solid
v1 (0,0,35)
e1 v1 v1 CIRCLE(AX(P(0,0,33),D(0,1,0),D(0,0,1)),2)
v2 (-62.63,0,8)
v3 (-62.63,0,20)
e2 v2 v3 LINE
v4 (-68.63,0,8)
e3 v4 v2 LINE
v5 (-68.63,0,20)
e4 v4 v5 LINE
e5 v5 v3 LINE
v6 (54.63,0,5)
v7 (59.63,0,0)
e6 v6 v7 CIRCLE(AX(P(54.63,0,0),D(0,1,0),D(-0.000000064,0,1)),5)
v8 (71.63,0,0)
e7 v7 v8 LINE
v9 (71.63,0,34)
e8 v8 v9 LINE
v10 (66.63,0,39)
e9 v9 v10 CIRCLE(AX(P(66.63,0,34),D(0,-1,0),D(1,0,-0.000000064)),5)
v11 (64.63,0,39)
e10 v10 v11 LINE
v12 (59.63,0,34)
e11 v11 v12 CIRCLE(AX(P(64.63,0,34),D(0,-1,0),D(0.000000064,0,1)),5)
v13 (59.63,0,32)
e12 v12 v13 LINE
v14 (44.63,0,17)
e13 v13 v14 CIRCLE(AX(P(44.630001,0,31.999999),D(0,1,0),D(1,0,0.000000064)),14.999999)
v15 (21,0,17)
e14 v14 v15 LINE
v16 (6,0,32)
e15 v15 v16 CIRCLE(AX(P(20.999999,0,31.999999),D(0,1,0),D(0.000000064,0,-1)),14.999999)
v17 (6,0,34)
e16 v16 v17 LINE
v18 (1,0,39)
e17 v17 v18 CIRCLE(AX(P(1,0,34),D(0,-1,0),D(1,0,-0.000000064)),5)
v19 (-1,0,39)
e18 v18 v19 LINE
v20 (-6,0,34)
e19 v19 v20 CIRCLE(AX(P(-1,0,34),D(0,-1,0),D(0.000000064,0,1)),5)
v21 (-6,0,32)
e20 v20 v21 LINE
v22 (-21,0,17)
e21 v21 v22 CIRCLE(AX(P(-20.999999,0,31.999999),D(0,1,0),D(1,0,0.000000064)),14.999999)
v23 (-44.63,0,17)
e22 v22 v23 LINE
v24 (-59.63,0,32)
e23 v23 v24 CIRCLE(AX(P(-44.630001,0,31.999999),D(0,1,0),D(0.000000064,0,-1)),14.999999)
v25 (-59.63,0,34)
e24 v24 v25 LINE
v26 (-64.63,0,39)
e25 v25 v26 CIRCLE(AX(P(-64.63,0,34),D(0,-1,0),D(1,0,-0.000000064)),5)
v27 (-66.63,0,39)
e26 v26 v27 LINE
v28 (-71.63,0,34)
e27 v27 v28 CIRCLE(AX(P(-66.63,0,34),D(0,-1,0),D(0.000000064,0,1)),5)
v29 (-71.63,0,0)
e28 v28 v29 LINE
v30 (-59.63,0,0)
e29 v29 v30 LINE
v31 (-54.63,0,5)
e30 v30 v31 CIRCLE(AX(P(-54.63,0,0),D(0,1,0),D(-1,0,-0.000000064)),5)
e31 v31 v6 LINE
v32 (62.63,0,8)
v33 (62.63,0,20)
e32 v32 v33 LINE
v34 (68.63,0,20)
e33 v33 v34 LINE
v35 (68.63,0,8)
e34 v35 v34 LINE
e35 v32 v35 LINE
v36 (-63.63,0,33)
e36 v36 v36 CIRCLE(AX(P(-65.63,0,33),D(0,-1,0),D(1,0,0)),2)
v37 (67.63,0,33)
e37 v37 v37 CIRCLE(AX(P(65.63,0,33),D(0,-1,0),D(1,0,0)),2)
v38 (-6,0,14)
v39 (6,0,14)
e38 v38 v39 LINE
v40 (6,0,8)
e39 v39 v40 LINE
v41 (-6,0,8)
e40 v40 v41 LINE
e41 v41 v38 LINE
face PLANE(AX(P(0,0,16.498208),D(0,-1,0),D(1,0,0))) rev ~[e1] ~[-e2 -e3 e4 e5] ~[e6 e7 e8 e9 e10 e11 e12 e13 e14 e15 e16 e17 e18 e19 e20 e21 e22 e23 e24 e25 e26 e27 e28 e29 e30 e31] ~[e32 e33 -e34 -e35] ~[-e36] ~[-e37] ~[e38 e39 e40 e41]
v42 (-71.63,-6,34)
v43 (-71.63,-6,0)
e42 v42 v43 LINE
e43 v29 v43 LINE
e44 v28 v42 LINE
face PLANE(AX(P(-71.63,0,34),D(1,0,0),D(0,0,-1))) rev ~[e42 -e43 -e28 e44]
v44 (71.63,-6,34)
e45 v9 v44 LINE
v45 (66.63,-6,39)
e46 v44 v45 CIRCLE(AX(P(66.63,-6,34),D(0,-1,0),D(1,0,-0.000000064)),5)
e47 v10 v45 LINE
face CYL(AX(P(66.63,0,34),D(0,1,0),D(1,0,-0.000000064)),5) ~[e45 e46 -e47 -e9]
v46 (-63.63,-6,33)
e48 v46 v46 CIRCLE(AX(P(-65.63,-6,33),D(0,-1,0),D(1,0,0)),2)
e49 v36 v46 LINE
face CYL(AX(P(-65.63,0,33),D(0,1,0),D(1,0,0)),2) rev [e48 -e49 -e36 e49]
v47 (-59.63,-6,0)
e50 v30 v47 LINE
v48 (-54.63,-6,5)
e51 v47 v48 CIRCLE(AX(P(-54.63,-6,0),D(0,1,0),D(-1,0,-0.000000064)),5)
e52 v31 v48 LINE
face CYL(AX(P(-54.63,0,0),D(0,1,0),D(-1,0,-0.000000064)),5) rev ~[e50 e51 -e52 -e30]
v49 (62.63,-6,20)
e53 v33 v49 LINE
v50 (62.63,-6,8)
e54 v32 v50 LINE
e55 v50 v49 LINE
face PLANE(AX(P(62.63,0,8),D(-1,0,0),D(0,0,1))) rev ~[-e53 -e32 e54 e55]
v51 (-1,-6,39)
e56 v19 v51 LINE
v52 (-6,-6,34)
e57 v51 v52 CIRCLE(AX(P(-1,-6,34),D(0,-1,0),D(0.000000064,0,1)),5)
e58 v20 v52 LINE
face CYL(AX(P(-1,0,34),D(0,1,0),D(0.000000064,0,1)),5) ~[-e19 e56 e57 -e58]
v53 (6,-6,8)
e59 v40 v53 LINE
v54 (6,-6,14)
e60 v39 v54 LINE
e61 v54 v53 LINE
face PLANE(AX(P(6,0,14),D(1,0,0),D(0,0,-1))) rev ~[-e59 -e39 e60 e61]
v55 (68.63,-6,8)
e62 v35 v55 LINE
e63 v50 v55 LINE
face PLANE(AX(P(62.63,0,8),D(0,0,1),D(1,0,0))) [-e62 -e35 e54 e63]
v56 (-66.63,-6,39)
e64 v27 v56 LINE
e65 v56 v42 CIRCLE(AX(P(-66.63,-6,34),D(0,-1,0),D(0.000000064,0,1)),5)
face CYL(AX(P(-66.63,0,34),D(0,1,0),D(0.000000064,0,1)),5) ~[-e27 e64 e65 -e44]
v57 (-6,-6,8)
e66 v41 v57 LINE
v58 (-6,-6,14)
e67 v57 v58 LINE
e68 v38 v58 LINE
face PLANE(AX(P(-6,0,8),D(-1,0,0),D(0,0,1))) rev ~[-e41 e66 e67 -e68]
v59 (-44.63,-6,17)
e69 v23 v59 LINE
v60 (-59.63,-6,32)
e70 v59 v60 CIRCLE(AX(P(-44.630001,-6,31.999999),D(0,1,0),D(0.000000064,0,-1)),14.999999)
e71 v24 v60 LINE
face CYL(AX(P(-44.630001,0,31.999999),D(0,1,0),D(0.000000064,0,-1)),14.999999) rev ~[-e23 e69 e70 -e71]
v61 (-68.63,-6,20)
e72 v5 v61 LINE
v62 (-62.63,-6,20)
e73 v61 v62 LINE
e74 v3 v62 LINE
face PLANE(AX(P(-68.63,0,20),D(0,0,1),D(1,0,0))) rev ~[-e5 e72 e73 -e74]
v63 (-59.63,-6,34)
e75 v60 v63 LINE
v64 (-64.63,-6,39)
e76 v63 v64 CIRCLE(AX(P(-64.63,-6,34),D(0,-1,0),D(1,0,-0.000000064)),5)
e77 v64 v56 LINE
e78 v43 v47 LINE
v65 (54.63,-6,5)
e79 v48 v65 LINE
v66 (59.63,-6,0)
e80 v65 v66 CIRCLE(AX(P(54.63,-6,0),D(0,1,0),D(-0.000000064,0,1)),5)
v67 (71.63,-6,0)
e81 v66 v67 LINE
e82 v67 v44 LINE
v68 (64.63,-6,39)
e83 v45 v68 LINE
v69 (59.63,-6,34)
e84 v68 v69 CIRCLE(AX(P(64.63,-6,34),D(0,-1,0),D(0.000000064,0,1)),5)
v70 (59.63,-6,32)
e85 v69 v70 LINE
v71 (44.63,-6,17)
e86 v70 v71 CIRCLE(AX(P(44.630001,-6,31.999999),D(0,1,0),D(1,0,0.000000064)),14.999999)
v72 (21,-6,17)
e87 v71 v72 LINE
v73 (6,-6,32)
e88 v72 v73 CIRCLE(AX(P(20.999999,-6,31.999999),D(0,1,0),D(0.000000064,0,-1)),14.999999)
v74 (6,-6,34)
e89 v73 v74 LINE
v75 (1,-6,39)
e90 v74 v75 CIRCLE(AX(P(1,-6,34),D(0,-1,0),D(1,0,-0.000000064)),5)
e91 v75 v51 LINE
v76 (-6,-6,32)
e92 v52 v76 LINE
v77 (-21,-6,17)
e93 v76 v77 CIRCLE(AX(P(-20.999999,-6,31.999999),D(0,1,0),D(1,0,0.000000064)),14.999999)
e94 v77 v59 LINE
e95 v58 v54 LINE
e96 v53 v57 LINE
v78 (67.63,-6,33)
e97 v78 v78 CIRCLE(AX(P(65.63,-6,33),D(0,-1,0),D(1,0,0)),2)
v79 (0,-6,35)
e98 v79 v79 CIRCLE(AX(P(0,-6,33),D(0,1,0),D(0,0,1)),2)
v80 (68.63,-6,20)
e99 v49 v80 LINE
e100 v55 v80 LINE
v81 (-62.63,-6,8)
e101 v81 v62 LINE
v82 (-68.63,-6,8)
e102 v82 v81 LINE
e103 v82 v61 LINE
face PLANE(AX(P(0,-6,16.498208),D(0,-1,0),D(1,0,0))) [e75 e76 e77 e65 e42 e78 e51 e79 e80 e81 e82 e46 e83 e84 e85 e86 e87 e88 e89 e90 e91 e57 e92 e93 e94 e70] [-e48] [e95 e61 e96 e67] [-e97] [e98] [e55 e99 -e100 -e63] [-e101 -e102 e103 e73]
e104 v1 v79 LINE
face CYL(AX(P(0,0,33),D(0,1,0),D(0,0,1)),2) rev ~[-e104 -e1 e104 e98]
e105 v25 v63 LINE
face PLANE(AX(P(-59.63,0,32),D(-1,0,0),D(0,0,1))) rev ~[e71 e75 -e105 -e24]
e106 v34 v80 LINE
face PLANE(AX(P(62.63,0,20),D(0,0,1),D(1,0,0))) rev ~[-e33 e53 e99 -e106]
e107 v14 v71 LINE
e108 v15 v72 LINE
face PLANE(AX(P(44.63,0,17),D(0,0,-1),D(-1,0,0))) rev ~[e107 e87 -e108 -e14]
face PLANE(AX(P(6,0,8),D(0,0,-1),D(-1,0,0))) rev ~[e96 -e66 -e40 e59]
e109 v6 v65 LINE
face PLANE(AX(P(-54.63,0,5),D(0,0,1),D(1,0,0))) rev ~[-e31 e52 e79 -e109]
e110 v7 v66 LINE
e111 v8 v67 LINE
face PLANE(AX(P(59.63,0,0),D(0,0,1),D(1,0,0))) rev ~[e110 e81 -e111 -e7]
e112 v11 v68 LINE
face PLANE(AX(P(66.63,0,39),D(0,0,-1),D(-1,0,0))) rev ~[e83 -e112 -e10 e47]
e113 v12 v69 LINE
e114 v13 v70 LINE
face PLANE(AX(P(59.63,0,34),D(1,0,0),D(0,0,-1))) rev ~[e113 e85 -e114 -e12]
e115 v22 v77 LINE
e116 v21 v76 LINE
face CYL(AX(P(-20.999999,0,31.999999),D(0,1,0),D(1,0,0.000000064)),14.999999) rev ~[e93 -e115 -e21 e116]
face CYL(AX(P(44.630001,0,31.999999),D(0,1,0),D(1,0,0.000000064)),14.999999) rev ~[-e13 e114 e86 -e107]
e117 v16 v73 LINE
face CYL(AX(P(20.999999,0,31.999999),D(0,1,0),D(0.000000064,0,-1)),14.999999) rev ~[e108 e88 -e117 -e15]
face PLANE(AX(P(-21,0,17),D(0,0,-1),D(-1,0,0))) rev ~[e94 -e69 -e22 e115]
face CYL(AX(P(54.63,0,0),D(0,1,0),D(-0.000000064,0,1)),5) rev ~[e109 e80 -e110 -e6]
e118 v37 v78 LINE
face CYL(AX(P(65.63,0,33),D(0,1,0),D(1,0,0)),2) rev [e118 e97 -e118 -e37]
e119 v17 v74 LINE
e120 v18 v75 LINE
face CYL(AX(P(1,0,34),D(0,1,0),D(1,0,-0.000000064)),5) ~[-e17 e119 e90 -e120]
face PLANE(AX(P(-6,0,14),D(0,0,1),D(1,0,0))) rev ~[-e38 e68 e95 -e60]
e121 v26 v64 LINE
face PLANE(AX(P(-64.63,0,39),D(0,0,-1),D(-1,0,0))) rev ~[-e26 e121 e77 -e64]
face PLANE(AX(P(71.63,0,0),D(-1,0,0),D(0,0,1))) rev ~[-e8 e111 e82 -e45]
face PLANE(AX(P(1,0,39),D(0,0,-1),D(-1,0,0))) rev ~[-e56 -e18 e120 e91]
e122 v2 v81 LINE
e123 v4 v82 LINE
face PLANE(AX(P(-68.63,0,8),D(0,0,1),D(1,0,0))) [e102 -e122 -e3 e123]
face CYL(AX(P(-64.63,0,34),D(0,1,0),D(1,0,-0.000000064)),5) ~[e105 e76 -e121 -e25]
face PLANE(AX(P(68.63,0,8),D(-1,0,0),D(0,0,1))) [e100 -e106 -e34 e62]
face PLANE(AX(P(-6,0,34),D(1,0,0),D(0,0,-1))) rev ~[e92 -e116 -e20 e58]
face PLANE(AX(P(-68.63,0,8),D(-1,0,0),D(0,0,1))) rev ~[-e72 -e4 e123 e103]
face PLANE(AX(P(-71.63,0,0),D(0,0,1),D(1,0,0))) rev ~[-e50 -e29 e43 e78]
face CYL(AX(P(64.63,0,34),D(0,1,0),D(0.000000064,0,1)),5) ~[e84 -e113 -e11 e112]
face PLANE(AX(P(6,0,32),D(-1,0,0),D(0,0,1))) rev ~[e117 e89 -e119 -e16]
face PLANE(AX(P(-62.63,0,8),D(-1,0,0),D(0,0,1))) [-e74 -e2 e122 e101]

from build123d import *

# Parameters (mm, degrees)
F0_W     = 6
F0_H     = 12
F0_R     = 2
F1_DEPTH = 6


with BuildPart() as f1:
    # F0 (on Front) → F1 (new body)
    with BuildSketch(Plane.XZ):
        with BuildLine():
            Line((1, 39), (0, 39))
            Line((0, 39), (-1, 39))
            ThreePointArc((-1, 39), (-4.535534, 37.535534), (-6, 34))
            Line((-6, 34), (-6, 32))
            ThreePointArc((-6, 32), (-10.393398, 21.393398), (-21, 17))
            Line((-21, 17), (-44.63, 17))
            ThreePointArc((-44.63, 17), (-55.236602, 21.393398), (-59.63, 32))
            Line((-59.63, 32), (-59.63, 34))
            ThreePointArc((-59.63, 34), (-61.094466, 37.535534), (-64.63, 39))
            Line((-64.63, 39), (-66.63, 39))
            ThreePointArc((-66.63, 39), (-70.165534, 37.535534), (-71.63, 34))
            Line((-71.63, 34), (-71.63, 0))
            Line((-71.63, 0), (-59.63, 0))
            ThreePointArc((-59.63, 0), (-58.165534, 3.535534), (-54.63, 5))
            Line((-54.63, 5), (0, 5))
            Line((0, 5), (54.63, 5))
            ThreePointArc((54.63, 5), (58.165534, 3.535534), (59.63, 0))
            Line((59.63, 0), (71.63, 0))
            Line((71.63, 0), (71.63, 34))
            ThreePointArc((71.63, 34), (70.165534, 37.535534), (66.63, 39))
            Line((66.63, 39), (64.63, 39))
            ThreePointArc((64.63, 39), (61.094466, 37.535534), (59.63, 34))
            Line((59.63, 34), (59.63, 32))
            ThreePointArc((59.63, 32), (55.236602, 21.393398), (44.63, 17))
            Line((44.63, 17), (21, 17))
            ThreePointArc((21, 17), (10.393398, 21.393398), (6, 32))
            Line((6, 32), (6, 34))
            ThreePointArc((6, 34), (4.535534, 37.535534), (1, 39))
        make_face()
        with Locations((-65.63, 14)):
            Rectangle(F0_W, F0_H, mode=Mode.SUBTRACT)
        Polygon((-6, 14), (0, 14), (6, 14), (6, 8), (0, 8), (-6, 8), align=None, mode=Mode.SUBTRACT)
        with Locations((65.63, 14)):
            Rectangle(F0_W, F0_H, mode=Mode.SUBTRACT)
        with Locations((-65.63, 33)):
            Circle(F0_R, mode=Mode.SUBTRACT)
        with BuildLine():
            ThreePointArc((0, 31), (-2, 33), (0, 35))
            ThreePointArc((0, 35), (2, 33), (0, 31))
        make_face(mode=Mode.SUBTRACT)
        with Locations((65.63, 33)):
            Circle(F0_R, mode=Mode.SUBTRACT)
    extrude(amount=F1_DEPTH)


solid = f1.part
